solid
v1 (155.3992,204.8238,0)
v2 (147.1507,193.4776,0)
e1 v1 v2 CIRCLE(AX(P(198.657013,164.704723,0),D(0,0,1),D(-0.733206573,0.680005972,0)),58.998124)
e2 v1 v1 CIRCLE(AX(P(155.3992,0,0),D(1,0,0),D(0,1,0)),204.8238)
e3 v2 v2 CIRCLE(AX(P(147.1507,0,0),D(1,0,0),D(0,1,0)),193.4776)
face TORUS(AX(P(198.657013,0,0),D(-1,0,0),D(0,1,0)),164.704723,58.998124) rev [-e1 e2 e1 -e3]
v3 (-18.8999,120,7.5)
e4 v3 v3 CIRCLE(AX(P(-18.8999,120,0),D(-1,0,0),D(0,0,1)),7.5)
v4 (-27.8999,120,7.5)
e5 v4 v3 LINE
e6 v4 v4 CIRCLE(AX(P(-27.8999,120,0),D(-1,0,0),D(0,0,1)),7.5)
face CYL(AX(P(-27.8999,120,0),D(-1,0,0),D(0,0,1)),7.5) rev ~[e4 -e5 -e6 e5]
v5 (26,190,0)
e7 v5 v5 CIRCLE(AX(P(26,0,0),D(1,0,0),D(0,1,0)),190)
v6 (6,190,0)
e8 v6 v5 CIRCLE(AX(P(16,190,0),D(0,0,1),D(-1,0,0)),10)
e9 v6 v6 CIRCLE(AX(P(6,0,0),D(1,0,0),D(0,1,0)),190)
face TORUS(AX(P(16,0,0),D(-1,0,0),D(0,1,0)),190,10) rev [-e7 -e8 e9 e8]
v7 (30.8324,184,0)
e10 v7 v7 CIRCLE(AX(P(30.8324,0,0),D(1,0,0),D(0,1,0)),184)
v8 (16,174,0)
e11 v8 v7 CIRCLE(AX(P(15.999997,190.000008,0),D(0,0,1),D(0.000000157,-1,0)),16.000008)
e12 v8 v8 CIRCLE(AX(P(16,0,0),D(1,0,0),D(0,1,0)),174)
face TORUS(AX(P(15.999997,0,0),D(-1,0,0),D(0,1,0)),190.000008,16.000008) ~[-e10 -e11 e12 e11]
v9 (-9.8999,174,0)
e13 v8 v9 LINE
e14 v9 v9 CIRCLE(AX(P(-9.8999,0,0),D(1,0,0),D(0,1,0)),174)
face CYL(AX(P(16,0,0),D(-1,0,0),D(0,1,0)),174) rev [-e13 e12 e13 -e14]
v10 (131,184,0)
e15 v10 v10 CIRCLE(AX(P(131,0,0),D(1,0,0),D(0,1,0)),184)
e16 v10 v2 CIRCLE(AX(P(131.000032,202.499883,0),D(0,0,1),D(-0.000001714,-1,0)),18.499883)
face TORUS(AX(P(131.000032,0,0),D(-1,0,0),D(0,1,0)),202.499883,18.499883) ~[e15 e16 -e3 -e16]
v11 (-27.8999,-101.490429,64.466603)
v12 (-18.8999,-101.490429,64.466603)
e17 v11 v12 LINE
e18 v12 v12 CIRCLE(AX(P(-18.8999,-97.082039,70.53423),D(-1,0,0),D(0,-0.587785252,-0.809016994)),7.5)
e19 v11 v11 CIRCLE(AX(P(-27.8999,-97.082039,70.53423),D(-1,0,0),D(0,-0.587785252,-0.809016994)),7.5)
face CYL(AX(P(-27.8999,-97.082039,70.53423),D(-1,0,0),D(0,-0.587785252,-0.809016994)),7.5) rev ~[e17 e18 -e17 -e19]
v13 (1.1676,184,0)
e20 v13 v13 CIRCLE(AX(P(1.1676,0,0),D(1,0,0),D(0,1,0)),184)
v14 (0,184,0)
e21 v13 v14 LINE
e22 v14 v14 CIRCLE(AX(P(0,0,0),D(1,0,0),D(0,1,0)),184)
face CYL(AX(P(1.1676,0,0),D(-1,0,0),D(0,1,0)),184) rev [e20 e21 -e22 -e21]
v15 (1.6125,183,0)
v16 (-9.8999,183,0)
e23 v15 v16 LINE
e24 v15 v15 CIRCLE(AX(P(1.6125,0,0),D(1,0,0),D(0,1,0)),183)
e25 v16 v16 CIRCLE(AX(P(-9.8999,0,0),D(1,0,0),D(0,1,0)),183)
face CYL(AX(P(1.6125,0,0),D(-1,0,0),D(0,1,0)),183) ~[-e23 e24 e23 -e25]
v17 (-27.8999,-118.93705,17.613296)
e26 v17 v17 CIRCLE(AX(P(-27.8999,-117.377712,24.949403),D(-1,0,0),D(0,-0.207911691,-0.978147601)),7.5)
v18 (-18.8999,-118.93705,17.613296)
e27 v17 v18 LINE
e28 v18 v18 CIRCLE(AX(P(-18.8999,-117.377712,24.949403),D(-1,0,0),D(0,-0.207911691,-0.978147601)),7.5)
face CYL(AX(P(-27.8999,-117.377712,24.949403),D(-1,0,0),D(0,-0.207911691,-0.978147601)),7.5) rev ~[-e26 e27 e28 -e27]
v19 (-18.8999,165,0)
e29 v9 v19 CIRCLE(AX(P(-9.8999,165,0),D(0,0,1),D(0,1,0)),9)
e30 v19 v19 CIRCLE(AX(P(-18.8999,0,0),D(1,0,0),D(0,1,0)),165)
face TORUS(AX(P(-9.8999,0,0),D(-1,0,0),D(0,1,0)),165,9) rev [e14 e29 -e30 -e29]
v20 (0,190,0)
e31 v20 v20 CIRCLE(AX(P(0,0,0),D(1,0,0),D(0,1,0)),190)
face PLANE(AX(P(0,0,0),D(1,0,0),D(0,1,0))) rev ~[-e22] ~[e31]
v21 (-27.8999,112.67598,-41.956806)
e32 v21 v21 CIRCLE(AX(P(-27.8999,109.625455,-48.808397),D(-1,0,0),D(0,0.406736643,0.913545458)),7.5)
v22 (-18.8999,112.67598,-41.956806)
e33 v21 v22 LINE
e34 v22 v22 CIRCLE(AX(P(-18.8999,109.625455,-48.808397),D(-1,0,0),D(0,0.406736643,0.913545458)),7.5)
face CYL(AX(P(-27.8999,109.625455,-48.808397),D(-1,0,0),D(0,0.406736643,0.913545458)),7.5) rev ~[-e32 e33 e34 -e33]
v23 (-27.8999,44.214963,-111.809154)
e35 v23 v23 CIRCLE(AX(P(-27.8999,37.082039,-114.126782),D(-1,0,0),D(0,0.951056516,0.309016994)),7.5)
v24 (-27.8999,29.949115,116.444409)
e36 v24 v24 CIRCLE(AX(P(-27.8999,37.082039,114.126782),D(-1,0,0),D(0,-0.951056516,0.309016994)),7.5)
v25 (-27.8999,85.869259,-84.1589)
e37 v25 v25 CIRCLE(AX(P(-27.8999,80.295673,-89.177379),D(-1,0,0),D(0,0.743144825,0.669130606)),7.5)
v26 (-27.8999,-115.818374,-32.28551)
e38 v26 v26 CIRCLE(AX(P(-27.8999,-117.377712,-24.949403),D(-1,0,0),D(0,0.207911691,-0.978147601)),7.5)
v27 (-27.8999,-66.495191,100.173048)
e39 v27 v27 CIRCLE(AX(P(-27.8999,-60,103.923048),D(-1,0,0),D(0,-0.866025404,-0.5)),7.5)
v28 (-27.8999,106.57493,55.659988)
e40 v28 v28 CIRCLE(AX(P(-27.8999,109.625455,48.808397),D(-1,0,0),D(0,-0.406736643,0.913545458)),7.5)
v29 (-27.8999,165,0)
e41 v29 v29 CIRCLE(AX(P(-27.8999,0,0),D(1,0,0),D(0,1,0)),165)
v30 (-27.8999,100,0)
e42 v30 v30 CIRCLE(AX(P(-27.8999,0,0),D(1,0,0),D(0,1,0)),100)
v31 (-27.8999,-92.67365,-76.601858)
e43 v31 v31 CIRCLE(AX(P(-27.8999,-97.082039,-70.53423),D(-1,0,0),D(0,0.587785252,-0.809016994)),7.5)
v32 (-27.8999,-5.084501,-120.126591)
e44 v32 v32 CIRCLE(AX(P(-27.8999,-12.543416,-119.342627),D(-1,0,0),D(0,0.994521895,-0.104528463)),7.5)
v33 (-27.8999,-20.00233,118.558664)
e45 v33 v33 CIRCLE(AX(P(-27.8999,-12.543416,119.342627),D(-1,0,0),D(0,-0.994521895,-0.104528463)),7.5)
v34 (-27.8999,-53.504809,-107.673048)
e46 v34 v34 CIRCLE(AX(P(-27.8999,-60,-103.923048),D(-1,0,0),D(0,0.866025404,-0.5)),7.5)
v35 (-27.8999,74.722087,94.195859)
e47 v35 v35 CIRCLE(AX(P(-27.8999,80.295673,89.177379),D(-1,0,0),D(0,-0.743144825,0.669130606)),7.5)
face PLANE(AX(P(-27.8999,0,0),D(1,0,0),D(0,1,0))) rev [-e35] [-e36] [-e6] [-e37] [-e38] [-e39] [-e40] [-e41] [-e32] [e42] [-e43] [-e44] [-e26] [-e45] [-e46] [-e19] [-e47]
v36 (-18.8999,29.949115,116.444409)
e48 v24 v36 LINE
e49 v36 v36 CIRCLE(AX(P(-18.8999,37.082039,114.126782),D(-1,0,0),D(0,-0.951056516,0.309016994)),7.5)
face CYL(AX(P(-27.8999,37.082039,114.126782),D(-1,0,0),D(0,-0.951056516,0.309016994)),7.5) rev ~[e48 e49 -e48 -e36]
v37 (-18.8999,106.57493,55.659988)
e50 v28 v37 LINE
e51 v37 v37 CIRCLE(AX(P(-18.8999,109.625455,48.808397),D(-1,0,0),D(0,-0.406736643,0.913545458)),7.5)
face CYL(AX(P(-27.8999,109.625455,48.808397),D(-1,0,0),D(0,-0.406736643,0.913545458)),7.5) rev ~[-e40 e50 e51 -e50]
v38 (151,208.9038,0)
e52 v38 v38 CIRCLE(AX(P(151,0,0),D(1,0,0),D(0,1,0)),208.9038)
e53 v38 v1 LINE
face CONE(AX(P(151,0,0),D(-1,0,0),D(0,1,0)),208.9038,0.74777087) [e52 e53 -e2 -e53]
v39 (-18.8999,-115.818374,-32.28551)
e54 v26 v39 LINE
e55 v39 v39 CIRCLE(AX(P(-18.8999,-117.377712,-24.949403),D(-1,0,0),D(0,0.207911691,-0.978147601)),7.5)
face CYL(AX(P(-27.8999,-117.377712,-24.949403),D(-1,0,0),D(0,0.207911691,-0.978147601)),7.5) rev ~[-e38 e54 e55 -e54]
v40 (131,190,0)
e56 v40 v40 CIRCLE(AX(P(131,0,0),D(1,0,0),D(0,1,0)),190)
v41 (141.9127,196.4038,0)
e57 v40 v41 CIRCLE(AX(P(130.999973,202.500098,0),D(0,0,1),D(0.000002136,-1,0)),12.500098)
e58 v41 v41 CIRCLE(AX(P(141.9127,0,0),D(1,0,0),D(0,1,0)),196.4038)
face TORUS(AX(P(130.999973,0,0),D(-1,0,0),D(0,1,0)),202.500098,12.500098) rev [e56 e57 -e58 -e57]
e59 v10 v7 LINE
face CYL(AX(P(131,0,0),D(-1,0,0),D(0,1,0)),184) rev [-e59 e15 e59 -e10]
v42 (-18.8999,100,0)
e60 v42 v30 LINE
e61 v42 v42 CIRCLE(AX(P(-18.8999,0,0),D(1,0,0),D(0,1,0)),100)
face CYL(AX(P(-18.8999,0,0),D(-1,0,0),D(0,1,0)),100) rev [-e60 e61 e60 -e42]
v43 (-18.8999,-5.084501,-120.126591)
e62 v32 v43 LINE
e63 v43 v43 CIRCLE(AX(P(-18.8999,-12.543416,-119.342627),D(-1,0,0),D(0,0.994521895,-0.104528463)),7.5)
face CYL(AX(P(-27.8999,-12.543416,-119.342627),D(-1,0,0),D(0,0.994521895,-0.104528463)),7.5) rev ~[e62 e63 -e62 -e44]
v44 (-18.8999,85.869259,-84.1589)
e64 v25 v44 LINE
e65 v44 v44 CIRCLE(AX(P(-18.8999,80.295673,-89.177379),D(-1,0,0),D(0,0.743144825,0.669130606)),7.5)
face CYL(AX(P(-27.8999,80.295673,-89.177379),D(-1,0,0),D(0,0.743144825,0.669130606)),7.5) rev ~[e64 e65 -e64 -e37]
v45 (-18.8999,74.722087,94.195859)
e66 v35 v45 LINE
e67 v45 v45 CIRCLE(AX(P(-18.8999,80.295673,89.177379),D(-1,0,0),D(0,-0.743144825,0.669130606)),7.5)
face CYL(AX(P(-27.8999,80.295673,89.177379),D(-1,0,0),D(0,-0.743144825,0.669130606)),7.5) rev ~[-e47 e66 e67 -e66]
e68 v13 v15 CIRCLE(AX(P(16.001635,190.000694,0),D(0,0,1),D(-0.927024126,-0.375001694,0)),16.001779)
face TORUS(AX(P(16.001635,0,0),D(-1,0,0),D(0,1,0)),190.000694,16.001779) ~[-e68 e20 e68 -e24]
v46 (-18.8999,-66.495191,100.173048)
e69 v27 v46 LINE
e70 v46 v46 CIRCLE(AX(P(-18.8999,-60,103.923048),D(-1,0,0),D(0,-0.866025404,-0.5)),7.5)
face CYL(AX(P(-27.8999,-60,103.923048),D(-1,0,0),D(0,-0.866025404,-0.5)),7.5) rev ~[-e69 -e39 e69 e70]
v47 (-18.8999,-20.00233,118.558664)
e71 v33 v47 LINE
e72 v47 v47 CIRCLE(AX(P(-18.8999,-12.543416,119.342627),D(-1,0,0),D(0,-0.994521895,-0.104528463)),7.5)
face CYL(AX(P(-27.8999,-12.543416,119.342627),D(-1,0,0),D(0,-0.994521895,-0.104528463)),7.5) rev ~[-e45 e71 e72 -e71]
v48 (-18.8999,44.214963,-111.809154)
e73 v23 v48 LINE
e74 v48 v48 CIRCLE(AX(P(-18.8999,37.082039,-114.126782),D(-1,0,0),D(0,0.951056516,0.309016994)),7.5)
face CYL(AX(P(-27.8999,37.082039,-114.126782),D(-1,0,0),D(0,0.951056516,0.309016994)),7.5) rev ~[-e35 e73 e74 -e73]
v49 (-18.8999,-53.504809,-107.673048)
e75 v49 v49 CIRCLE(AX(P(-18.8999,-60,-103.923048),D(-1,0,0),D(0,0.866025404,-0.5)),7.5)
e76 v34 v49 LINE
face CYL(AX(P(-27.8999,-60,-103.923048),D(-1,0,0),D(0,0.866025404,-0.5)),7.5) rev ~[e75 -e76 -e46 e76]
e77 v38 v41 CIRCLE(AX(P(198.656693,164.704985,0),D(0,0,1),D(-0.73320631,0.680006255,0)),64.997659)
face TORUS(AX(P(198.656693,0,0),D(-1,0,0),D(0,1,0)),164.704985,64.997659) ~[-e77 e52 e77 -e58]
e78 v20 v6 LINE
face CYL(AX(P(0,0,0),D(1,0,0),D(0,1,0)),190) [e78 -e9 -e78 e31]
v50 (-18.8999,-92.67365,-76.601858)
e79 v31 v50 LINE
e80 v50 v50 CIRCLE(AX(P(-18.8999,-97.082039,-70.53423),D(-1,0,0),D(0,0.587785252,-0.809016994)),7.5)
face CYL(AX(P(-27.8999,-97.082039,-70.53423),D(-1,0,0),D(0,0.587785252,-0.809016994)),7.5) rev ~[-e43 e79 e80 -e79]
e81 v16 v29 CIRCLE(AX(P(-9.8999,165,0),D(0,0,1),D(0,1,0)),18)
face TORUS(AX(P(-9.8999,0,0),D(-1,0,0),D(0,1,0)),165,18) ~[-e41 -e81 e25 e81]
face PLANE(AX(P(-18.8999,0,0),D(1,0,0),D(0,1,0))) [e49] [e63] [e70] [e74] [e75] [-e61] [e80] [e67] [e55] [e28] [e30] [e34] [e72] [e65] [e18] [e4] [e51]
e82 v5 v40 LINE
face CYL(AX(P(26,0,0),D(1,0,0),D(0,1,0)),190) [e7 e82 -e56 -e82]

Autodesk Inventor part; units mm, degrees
ref_plane "YZ Plane" through (0, 0, 0) normal (1, 0, 0) x (0, 1, 0)
ref_plane "XZ Plane" through (0, 0, 0) normal (0, 1, 0) x (-1, 0, 0)
ref_plane "XY Plane" through (0, 0, 0) normal (0, 0, 1) x (1, 0, 0)
sketch "Sketch1" plane through (0, 0, 0) normal (0, 0, 1) x (1, 0, 0)
  line L0 (0, 190) -> (6, 190)
  line L1 (26, 190) -> (131, 190)
  arc A0 (131, 190) -> (141.9127, 196.4038) centre (131, 202.5) ccw
  arc A1 (151, 208.9038) -> (141.9127, 196.4038) centre (198.6585, 164.7035) ccw
  arc A2 (6, 190) -> (26, 190) centre (16, 190) ccw
  arc A3 (155.3992, 204.8238) -> (147.1507, 193.4776) centre (198.6585, 164.7035) ccw
  arc A4 (131, 184) -> (147.1507, 193.4776) centre (131, 202.5) ccw
  line L2 (131, 184) -> (30.8324, 184)
  line L3 (1.1676, 184) -> (0, 184)
  line L4 (151, 208.9038) -> (155.3992, 204.8238)
  line L5 (16, 174) -> (-9.8999, 174)
  arc A5 (-9.8999, 174) -> (-18.8999, 165) centre (-9.8999, 165) ccw
  line L6 (-18.8999, 165) -> (-18.8999, 100)
  line L7 (-18.8999, 100) -> (-27.8999, 100)
  line L8 (-27.8999, 100) -> (-27.8999, 165)
  arc A6 (-9.8999, 183) -> (-27.8999, 165) centre (-9.8999, 165) ccw
  line L9 (1.6125, 183) -> (-9.8999, 183)
  line L10 (0, 190) -> (0, 184)
  arc A7 (1.1676, 184) -> (1.6125, 183) centre (16, 190) ccw
  arc A8 (16, 174) -> (30.8324, 184) centre (16, 190) ccw
  line L11 (0, 0) -> (39.9191, 0)
  point P0 (-4.1437, 183)
  point P1 (3, 190)
  dimension "d0" = 6
  dimension "d2" = 105
  dimension "d3" = 12.5
  dimension "d6" = 65
  dimension "d7" = 12.5
  dimension "d8" = 10
  dimension "d13" = 6
  dimension "d14" = 9
  dimension "d15" = 18
  dimension "d16" = 9
  dimension "d17" = 65
  dimension "d18" = 9
  dimension "d19" = 190
sketch "Sketch2" plane through (0, 0, 0) normal (0, 0, 1) x (1, 0, 0)
  point P0 (0, 0)
revolve "Revolution1" add sketch "Sketch1" angle 360 about axis through (0, 0, 0) along (1, 0, 0)
sketch "Sketch3" plane through (-27.8999, 0, 0) normal (-1, 0, 0) x (0, 0, 1)
  circle A0 centre (0, 120) radius 7.5
  point P0 (0, 0)
  dimension "d21" = 15
  dimension "d22" = 120
extrude "Extrusion1" cut sketch "Sketch3" against normal through all
pattern_circular "Circular Pattern1" count 15 over 360 about axis through (-23.3999, 0, 0) along (1, 0, 0) of "Extrusion1"
properties part number "24110246 wheel rim"
